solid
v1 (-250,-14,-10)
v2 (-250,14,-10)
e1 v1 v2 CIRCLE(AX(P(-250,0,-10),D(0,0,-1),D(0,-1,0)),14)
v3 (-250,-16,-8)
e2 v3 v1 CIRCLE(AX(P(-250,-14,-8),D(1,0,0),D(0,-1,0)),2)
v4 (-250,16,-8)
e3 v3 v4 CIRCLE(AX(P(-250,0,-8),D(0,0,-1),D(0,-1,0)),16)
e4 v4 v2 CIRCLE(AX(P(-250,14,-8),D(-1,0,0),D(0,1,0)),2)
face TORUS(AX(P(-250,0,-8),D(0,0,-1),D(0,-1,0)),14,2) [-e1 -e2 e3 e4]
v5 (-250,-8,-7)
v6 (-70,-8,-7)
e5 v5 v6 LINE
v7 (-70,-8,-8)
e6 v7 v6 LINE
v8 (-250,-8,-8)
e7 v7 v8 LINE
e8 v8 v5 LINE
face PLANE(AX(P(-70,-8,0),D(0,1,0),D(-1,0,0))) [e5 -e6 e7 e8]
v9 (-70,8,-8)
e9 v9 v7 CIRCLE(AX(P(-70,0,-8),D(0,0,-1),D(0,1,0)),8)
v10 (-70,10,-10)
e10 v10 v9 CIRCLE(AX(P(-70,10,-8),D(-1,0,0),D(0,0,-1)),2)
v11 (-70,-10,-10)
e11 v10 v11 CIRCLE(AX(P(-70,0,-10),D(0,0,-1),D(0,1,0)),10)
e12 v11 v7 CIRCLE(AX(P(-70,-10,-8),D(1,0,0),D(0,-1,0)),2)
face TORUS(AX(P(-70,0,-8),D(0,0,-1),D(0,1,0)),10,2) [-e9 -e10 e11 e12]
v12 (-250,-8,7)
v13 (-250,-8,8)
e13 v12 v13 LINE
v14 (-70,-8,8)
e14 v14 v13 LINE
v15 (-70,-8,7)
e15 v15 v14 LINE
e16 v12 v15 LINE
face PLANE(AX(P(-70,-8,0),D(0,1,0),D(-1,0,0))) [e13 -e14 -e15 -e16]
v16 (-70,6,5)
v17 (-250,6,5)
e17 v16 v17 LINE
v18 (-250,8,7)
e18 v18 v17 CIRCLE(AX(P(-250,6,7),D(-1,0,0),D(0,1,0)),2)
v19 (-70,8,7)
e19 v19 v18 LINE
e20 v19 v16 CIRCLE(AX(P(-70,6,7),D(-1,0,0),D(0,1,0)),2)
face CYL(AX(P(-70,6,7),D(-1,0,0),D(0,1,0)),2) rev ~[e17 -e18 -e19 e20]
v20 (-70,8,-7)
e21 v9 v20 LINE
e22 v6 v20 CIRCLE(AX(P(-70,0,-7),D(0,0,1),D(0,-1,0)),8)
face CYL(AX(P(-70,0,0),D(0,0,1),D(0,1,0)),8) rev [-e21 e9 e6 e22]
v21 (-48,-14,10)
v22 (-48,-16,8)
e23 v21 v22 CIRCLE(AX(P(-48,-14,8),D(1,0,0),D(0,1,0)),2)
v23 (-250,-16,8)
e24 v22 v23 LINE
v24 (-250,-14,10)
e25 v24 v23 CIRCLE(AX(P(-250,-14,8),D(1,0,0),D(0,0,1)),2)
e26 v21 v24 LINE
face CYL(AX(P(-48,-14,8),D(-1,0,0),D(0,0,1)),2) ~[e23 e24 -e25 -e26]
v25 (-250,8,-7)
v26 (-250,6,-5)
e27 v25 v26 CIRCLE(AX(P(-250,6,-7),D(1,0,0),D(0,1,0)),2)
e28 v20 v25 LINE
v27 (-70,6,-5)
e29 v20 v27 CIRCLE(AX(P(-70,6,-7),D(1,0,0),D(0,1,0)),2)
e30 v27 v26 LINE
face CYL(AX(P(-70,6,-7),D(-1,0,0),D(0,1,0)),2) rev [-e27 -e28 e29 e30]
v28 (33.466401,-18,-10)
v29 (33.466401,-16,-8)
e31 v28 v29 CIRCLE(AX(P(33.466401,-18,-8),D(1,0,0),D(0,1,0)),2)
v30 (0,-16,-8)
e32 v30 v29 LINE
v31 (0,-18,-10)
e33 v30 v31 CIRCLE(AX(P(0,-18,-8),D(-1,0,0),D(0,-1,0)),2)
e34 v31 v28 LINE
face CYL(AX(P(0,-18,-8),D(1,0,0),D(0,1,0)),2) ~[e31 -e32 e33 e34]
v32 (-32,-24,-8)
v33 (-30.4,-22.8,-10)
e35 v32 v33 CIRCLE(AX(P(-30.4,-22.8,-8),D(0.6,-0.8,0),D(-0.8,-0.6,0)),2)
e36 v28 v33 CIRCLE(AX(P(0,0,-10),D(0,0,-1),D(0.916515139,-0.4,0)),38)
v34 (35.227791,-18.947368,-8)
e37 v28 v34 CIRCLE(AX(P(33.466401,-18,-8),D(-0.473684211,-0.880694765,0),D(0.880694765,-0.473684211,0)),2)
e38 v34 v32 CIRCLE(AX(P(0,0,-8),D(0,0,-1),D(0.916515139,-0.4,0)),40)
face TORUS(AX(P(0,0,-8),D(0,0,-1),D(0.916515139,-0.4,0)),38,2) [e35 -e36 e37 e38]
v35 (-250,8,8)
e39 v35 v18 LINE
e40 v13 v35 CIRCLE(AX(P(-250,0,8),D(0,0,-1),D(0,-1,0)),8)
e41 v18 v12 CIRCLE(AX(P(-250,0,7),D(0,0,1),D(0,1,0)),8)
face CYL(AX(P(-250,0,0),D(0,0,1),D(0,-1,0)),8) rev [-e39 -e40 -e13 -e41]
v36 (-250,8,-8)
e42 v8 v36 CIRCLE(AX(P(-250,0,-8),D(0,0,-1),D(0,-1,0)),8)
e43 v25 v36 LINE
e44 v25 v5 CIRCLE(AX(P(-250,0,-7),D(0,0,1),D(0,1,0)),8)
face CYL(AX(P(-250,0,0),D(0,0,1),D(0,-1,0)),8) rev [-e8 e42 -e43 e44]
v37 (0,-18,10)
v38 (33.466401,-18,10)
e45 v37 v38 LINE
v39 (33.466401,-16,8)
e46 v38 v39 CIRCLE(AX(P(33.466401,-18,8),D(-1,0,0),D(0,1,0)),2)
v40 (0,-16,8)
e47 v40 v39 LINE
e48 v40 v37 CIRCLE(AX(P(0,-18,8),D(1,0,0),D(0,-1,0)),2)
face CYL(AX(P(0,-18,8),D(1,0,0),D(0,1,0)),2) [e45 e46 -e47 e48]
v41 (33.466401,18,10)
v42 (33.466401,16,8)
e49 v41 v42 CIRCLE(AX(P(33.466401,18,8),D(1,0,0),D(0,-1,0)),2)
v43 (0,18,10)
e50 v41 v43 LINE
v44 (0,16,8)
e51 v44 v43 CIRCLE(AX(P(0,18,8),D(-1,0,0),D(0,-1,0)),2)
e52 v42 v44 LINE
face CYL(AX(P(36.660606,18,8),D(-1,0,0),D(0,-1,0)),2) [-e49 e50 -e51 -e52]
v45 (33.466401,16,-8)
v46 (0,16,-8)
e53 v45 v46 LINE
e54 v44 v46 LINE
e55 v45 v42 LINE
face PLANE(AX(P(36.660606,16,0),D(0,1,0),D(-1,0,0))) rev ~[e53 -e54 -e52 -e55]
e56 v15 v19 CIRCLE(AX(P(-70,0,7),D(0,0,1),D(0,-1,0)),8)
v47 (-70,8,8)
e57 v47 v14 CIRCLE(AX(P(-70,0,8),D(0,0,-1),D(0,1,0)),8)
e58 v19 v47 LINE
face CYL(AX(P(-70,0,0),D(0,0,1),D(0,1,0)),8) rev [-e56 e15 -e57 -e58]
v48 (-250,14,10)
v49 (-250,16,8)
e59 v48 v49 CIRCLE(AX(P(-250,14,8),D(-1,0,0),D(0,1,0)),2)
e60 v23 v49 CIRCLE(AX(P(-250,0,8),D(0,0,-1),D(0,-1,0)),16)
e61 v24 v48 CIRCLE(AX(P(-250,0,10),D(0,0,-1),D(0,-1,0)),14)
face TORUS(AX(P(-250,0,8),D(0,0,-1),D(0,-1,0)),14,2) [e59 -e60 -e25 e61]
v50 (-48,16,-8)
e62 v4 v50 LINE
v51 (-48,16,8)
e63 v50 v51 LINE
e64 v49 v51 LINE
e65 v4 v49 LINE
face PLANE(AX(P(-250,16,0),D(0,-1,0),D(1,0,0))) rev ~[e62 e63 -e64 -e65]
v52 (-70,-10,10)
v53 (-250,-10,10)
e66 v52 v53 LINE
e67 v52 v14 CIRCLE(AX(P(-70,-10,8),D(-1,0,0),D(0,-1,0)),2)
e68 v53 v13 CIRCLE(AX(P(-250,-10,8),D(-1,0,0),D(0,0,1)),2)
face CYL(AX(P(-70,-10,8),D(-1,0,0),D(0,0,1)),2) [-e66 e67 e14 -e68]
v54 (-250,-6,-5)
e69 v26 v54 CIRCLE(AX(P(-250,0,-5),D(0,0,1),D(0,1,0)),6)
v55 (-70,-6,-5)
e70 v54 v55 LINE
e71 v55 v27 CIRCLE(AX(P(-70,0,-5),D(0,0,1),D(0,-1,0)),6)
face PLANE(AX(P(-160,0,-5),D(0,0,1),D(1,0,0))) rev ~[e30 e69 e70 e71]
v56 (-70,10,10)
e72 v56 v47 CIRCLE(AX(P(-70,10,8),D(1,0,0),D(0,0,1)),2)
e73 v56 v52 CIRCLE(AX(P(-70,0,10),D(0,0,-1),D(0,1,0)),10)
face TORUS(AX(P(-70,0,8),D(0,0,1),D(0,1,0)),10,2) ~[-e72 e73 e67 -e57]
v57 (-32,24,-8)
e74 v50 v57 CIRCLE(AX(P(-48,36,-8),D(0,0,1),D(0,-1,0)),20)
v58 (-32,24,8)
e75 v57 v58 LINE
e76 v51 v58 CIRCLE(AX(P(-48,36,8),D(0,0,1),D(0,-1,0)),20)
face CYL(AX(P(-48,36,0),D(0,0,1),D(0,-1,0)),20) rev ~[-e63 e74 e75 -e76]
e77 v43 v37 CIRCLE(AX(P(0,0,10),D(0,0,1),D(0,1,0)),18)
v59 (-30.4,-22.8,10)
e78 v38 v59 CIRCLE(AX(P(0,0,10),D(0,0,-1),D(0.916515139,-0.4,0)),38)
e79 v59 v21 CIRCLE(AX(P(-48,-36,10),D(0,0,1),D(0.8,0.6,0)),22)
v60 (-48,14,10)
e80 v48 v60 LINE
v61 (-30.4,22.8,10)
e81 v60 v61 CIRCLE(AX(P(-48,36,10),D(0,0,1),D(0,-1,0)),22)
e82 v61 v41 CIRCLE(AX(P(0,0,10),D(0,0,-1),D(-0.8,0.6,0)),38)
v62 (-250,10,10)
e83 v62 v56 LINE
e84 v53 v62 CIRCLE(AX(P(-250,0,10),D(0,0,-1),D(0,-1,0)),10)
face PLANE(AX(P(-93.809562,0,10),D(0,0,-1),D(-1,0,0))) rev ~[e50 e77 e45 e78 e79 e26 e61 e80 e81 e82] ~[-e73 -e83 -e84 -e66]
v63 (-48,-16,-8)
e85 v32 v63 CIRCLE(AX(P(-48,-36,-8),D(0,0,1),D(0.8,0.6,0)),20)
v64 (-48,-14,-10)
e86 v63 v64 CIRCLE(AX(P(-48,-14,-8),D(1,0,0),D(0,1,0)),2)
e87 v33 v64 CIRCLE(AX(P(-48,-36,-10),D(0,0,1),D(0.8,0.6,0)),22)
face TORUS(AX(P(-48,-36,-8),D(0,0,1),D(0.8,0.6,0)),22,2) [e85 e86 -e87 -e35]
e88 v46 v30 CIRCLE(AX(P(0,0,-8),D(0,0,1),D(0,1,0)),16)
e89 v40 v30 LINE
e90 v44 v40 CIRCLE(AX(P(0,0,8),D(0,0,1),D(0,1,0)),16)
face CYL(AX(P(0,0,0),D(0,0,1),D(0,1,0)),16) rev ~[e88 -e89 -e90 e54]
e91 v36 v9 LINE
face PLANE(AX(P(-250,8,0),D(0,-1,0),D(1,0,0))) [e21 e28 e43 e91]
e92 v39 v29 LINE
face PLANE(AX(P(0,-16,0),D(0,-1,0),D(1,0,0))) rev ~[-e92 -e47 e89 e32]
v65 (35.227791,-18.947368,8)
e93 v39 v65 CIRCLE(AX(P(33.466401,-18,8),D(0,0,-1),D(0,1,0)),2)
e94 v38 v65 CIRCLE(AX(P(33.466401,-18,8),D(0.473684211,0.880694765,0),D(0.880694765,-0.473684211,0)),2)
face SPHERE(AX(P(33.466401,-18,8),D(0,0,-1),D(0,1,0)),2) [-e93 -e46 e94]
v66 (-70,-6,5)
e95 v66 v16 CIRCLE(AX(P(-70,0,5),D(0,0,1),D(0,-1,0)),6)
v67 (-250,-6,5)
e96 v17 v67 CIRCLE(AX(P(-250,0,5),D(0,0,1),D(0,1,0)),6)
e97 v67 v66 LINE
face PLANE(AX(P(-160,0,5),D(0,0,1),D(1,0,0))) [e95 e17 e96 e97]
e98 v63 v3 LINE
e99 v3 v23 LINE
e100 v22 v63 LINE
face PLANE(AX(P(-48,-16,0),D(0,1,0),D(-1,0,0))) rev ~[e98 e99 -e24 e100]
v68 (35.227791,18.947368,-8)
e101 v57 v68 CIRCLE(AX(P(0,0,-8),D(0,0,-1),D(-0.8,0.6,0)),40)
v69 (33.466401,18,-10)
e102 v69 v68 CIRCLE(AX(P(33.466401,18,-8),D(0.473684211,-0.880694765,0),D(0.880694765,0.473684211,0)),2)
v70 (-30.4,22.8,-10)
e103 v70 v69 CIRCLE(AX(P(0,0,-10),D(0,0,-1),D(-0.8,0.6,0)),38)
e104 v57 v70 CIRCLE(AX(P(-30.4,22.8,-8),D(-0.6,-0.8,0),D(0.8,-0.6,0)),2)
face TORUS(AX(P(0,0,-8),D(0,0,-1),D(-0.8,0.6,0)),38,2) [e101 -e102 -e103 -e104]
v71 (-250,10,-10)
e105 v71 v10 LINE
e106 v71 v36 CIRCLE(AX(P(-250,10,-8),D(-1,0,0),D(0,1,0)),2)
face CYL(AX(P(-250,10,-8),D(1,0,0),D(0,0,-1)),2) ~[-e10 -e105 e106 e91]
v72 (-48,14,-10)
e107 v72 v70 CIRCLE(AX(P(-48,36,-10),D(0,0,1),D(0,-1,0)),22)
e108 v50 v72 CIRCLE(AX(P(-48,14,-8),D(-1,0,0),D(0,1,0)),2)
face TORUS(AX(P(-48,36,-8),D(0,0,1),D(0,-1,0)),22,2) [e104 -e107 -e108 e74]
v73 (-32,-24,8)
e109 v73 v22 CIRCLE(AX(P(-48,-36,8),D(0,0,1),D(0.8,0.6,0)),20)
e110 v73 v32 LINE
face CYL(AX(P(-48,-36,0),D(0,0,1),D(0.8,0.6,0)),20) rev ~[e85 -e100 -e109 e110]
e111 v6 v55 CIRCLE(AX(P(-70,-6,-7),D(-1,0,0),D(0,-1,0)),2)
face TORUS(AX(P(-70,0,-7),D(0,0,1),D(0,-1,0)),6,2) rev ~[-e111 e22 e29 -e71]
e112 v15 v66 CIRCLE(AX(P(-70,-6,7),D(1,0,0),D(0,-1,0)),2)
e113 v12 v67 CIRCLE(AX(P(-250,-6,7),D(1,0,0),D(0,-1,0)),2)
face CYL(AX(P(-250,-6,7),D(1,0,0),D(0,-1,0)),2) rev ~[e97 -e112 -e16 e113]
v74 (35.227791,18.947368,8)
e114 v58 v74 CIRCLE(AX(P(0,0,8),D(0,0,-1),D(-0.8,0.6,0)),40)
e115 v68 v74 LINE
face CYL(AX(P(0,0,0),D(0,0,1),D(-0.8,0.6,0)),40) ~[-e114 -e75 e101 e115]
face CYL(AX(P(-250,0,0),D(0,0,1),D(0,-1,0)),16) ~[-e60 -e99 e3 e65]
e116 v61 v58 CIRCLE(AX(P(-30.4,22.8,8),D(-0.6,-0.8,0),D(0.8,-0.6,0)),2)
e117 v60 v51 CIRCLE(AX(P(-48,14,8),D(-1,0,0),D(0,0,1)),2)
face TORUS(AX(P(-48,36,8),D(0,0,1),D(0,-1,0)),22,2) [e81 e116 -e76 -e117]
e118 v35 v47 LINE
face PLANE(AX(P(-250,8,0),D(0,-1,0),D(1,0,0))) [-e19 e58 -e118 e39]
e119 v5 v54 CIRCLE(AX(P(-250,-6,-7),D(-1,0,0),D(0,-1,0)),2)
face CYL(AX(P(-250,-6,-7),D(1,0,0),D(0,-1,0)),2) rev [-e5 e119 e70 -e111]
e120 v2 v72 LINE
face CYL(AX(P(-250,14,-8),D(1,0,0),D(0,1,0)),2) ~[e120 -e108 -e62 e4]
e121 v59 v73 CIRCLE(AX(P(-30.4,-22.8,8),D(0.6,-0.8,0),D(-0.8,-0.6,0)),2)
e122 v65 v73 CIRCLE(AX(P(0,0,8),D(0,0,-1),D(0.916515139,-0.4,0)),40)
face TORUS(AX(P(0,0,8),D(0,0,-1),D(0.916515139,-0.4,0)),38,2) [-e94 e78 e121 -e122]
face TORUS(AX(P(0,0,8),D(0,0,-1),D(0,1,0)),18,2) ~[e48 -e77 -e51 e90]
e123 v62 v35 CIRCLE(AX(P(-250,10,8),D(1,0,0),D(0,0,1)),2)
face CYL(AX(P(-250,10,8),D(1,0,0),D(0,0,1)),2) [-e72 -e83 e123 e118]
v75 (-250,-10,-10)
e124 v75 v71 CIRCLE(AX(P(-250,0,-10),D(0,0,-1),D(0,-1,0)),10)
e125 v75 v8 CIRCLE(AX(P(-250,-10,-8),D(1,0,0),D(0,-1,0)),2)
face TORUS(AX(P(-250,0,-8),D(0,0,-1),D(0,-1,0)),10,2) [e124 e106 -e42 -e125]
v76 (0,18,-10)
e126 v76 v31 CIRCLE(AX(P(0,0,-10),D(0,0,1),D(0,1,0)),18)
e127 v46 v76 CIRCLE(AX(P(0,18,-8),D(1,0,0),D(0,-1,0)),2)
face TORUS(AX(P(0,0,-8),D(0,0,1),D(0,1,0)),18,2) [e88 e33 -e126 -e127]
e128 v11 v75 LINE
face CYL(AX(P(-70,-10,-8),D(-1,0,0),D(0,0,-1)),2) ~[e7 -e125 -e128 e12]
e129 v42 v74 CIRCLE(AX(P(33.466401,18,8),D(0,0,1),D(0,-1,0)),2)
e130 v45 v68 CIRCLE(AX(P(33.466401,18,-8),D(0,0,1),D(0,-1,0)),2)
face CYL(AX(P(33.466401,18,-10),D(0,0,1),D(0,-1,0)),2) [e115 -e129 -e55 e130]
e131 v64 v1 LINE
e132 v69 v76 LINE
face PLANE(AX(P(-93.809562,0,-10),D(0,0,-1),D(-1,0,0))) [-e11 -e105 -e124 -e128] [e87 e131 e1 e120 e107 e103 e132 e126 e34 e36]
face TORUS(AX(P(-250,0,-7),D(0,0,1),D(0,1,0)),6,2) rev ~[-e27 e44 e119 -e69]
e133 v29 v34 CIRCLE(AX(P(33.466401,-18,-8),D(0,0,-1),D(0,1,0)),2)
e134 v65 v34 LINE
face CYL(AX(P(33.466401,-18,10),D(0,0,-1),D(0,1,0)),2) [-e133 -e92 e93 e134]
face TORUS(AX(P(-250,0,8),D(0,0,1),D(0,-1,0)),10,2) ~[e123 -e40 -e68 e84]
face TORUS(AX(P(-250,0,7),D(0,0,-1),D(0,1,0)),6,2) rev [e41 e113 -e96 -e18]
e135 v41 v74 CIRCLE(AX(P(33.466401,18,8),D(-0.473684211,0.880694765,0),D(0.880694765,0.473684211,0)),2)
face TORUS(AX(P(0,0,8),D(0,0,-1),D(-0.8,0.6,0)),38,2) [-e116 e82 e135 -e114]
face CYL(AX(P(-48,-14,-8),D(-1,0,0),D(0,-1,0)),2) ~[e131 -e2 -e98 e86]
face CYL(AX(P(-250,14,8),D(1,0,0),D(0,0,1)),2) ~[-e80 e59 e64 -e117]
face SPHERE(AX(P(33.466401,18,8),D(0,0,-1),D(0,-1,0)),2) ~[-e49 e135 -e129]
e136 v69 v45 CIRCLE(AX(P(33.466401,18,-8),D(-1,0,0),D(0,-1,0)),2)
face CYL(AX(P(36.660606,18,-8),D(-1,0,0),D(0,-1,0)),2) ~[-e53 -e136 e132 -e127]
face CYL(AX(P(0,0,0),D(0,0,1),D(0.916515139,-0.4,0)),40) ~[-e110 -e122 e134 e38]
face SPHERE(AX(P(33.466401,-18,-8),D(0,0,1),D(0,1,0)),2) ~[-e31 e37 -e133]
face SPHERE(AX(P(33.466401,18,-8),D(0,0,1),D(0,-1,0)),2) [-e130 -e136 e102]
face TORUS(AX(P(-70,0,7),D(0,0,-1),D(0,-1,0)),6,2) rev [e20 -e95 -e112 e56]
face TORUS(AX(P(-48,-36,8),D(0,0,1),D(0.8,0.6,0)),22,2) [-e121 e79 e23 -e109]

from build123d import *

# Parameters (mm, degrees)
BOSS_EXTRUDE5_DEPTH = 10
BOSS_EXTRUDE6_DEPTH = 5
FILLET1_R           = 2


with BuildPart() as part:
    # Sketch1 → Boss-Extrude5 (new, symmetric)
    with BuildSketch(Plane.XY):
        with BuildLine():
            Line((36.66060556, 16), (0, 16))
            ThreePointArc((0, 16), (-16, 0), (0, -16))
            Line((0, -16), (36.66060556, -16))
            ThreePointArc((36.66060556, -16), (4.629288395, -39.731218065), (-32, -24))
            ThreePointArc((-32, -24), (-39.05572809, -18.11145618), (-48, -16))
            Line((-48, -16), (-250, -16))
            ThreePointArc((-250, -16), (-266, 0), (-250, 16))
            Line((-250, 16), (-48, 16))
            ThreePointArc((-48, 16), (-39.05572809, 18.11145618), (-32, 24))
            ThreePointArc((-32, 24), (4.629288395, 39.731218065), (36.66060556, 16))
        make_face()
        with BuildLine():
            Line((-250, 8), (-70, 8))
            ThreePointArc((-70, 8), (-62, 0), (-70, -8))
            Line((-70, -8), (-250, -8))
            ThreePointArc((-250, -8), (-258, 0), (-250, 8))
        make_face(mode=Mode.SUBTRACT)
    extrude(amount=BOSS_EXTRUDE5_DEPTH, both=True)

    # Sketch1<8> → Boss-Extrude6 (add, symmetric)
    with BuildSketch(Plane.XY):
        with BuildLine():
            Line((-250, -8), (-70, -8))
            ThreePointArc((-70, -8), (-62, 0), (-70, 8))
            Line((-70, 8), (-250, 8))
            ThreePointArc((-250, 8), (-258, 0), (-250, -8))
        make_face()
    extrude(amount=BOSS_EXTRUDE6_DEPTH, both=True)

    # Fillet1
    fillet1_edges = [part.edges().sort_by_distance(p)[0] for p in [
        (18.33030278, 16, -10),
        (4.629288395, 39.731218065, -10),
        (-39.05572809, 18.11145618, -10),
        (-149, 16, -10),
        (-266, 0, -10),
        (-149, -16, -10),
        (-39.05572809, -18.11145618, -10),
        (4.629288395, -39.731218065, 10),
        (4.629288395, -39.731218065, -10),
        (18.33030278, -16, -10),
        (-16, 0, -10),
        (-39.05572809, -18.11145618, 10),
        (36.66060556, 16, 0),
        (36.66060556, -16, 0),
        (-149, -16, 10),
        (-266, 0, 10),
        (-149, 16, 10),
        (-258, 0, -10),
        (-160, -8, -10),
        (-62, 0, -10),
        (-160, 8, 10),
        (-258, 0, 10),
        (-160, -8, 10),
        (-62, 0, 10),
        (-160, 8, -10),
        (-39.05572809, 18.11145618, 10),
        (4.629288395, 39.731218065, 10),
        (18.33030278, 16, 10),
        (-16, 0, 10),
        (-160, -8, -5),
        (-62, 0, -5),
        (-160, 8, 5),
        (-258, 0, -5),
        (-160, -8, 5),
        (-62, 0, 5),
        (-258, 0, 5),
        (-160, 8, -5),
        (18.33030278, -16, 10),
    ]]
    fillet(fillet1_edges, radius=FILLET1_R)


solid = part.part
